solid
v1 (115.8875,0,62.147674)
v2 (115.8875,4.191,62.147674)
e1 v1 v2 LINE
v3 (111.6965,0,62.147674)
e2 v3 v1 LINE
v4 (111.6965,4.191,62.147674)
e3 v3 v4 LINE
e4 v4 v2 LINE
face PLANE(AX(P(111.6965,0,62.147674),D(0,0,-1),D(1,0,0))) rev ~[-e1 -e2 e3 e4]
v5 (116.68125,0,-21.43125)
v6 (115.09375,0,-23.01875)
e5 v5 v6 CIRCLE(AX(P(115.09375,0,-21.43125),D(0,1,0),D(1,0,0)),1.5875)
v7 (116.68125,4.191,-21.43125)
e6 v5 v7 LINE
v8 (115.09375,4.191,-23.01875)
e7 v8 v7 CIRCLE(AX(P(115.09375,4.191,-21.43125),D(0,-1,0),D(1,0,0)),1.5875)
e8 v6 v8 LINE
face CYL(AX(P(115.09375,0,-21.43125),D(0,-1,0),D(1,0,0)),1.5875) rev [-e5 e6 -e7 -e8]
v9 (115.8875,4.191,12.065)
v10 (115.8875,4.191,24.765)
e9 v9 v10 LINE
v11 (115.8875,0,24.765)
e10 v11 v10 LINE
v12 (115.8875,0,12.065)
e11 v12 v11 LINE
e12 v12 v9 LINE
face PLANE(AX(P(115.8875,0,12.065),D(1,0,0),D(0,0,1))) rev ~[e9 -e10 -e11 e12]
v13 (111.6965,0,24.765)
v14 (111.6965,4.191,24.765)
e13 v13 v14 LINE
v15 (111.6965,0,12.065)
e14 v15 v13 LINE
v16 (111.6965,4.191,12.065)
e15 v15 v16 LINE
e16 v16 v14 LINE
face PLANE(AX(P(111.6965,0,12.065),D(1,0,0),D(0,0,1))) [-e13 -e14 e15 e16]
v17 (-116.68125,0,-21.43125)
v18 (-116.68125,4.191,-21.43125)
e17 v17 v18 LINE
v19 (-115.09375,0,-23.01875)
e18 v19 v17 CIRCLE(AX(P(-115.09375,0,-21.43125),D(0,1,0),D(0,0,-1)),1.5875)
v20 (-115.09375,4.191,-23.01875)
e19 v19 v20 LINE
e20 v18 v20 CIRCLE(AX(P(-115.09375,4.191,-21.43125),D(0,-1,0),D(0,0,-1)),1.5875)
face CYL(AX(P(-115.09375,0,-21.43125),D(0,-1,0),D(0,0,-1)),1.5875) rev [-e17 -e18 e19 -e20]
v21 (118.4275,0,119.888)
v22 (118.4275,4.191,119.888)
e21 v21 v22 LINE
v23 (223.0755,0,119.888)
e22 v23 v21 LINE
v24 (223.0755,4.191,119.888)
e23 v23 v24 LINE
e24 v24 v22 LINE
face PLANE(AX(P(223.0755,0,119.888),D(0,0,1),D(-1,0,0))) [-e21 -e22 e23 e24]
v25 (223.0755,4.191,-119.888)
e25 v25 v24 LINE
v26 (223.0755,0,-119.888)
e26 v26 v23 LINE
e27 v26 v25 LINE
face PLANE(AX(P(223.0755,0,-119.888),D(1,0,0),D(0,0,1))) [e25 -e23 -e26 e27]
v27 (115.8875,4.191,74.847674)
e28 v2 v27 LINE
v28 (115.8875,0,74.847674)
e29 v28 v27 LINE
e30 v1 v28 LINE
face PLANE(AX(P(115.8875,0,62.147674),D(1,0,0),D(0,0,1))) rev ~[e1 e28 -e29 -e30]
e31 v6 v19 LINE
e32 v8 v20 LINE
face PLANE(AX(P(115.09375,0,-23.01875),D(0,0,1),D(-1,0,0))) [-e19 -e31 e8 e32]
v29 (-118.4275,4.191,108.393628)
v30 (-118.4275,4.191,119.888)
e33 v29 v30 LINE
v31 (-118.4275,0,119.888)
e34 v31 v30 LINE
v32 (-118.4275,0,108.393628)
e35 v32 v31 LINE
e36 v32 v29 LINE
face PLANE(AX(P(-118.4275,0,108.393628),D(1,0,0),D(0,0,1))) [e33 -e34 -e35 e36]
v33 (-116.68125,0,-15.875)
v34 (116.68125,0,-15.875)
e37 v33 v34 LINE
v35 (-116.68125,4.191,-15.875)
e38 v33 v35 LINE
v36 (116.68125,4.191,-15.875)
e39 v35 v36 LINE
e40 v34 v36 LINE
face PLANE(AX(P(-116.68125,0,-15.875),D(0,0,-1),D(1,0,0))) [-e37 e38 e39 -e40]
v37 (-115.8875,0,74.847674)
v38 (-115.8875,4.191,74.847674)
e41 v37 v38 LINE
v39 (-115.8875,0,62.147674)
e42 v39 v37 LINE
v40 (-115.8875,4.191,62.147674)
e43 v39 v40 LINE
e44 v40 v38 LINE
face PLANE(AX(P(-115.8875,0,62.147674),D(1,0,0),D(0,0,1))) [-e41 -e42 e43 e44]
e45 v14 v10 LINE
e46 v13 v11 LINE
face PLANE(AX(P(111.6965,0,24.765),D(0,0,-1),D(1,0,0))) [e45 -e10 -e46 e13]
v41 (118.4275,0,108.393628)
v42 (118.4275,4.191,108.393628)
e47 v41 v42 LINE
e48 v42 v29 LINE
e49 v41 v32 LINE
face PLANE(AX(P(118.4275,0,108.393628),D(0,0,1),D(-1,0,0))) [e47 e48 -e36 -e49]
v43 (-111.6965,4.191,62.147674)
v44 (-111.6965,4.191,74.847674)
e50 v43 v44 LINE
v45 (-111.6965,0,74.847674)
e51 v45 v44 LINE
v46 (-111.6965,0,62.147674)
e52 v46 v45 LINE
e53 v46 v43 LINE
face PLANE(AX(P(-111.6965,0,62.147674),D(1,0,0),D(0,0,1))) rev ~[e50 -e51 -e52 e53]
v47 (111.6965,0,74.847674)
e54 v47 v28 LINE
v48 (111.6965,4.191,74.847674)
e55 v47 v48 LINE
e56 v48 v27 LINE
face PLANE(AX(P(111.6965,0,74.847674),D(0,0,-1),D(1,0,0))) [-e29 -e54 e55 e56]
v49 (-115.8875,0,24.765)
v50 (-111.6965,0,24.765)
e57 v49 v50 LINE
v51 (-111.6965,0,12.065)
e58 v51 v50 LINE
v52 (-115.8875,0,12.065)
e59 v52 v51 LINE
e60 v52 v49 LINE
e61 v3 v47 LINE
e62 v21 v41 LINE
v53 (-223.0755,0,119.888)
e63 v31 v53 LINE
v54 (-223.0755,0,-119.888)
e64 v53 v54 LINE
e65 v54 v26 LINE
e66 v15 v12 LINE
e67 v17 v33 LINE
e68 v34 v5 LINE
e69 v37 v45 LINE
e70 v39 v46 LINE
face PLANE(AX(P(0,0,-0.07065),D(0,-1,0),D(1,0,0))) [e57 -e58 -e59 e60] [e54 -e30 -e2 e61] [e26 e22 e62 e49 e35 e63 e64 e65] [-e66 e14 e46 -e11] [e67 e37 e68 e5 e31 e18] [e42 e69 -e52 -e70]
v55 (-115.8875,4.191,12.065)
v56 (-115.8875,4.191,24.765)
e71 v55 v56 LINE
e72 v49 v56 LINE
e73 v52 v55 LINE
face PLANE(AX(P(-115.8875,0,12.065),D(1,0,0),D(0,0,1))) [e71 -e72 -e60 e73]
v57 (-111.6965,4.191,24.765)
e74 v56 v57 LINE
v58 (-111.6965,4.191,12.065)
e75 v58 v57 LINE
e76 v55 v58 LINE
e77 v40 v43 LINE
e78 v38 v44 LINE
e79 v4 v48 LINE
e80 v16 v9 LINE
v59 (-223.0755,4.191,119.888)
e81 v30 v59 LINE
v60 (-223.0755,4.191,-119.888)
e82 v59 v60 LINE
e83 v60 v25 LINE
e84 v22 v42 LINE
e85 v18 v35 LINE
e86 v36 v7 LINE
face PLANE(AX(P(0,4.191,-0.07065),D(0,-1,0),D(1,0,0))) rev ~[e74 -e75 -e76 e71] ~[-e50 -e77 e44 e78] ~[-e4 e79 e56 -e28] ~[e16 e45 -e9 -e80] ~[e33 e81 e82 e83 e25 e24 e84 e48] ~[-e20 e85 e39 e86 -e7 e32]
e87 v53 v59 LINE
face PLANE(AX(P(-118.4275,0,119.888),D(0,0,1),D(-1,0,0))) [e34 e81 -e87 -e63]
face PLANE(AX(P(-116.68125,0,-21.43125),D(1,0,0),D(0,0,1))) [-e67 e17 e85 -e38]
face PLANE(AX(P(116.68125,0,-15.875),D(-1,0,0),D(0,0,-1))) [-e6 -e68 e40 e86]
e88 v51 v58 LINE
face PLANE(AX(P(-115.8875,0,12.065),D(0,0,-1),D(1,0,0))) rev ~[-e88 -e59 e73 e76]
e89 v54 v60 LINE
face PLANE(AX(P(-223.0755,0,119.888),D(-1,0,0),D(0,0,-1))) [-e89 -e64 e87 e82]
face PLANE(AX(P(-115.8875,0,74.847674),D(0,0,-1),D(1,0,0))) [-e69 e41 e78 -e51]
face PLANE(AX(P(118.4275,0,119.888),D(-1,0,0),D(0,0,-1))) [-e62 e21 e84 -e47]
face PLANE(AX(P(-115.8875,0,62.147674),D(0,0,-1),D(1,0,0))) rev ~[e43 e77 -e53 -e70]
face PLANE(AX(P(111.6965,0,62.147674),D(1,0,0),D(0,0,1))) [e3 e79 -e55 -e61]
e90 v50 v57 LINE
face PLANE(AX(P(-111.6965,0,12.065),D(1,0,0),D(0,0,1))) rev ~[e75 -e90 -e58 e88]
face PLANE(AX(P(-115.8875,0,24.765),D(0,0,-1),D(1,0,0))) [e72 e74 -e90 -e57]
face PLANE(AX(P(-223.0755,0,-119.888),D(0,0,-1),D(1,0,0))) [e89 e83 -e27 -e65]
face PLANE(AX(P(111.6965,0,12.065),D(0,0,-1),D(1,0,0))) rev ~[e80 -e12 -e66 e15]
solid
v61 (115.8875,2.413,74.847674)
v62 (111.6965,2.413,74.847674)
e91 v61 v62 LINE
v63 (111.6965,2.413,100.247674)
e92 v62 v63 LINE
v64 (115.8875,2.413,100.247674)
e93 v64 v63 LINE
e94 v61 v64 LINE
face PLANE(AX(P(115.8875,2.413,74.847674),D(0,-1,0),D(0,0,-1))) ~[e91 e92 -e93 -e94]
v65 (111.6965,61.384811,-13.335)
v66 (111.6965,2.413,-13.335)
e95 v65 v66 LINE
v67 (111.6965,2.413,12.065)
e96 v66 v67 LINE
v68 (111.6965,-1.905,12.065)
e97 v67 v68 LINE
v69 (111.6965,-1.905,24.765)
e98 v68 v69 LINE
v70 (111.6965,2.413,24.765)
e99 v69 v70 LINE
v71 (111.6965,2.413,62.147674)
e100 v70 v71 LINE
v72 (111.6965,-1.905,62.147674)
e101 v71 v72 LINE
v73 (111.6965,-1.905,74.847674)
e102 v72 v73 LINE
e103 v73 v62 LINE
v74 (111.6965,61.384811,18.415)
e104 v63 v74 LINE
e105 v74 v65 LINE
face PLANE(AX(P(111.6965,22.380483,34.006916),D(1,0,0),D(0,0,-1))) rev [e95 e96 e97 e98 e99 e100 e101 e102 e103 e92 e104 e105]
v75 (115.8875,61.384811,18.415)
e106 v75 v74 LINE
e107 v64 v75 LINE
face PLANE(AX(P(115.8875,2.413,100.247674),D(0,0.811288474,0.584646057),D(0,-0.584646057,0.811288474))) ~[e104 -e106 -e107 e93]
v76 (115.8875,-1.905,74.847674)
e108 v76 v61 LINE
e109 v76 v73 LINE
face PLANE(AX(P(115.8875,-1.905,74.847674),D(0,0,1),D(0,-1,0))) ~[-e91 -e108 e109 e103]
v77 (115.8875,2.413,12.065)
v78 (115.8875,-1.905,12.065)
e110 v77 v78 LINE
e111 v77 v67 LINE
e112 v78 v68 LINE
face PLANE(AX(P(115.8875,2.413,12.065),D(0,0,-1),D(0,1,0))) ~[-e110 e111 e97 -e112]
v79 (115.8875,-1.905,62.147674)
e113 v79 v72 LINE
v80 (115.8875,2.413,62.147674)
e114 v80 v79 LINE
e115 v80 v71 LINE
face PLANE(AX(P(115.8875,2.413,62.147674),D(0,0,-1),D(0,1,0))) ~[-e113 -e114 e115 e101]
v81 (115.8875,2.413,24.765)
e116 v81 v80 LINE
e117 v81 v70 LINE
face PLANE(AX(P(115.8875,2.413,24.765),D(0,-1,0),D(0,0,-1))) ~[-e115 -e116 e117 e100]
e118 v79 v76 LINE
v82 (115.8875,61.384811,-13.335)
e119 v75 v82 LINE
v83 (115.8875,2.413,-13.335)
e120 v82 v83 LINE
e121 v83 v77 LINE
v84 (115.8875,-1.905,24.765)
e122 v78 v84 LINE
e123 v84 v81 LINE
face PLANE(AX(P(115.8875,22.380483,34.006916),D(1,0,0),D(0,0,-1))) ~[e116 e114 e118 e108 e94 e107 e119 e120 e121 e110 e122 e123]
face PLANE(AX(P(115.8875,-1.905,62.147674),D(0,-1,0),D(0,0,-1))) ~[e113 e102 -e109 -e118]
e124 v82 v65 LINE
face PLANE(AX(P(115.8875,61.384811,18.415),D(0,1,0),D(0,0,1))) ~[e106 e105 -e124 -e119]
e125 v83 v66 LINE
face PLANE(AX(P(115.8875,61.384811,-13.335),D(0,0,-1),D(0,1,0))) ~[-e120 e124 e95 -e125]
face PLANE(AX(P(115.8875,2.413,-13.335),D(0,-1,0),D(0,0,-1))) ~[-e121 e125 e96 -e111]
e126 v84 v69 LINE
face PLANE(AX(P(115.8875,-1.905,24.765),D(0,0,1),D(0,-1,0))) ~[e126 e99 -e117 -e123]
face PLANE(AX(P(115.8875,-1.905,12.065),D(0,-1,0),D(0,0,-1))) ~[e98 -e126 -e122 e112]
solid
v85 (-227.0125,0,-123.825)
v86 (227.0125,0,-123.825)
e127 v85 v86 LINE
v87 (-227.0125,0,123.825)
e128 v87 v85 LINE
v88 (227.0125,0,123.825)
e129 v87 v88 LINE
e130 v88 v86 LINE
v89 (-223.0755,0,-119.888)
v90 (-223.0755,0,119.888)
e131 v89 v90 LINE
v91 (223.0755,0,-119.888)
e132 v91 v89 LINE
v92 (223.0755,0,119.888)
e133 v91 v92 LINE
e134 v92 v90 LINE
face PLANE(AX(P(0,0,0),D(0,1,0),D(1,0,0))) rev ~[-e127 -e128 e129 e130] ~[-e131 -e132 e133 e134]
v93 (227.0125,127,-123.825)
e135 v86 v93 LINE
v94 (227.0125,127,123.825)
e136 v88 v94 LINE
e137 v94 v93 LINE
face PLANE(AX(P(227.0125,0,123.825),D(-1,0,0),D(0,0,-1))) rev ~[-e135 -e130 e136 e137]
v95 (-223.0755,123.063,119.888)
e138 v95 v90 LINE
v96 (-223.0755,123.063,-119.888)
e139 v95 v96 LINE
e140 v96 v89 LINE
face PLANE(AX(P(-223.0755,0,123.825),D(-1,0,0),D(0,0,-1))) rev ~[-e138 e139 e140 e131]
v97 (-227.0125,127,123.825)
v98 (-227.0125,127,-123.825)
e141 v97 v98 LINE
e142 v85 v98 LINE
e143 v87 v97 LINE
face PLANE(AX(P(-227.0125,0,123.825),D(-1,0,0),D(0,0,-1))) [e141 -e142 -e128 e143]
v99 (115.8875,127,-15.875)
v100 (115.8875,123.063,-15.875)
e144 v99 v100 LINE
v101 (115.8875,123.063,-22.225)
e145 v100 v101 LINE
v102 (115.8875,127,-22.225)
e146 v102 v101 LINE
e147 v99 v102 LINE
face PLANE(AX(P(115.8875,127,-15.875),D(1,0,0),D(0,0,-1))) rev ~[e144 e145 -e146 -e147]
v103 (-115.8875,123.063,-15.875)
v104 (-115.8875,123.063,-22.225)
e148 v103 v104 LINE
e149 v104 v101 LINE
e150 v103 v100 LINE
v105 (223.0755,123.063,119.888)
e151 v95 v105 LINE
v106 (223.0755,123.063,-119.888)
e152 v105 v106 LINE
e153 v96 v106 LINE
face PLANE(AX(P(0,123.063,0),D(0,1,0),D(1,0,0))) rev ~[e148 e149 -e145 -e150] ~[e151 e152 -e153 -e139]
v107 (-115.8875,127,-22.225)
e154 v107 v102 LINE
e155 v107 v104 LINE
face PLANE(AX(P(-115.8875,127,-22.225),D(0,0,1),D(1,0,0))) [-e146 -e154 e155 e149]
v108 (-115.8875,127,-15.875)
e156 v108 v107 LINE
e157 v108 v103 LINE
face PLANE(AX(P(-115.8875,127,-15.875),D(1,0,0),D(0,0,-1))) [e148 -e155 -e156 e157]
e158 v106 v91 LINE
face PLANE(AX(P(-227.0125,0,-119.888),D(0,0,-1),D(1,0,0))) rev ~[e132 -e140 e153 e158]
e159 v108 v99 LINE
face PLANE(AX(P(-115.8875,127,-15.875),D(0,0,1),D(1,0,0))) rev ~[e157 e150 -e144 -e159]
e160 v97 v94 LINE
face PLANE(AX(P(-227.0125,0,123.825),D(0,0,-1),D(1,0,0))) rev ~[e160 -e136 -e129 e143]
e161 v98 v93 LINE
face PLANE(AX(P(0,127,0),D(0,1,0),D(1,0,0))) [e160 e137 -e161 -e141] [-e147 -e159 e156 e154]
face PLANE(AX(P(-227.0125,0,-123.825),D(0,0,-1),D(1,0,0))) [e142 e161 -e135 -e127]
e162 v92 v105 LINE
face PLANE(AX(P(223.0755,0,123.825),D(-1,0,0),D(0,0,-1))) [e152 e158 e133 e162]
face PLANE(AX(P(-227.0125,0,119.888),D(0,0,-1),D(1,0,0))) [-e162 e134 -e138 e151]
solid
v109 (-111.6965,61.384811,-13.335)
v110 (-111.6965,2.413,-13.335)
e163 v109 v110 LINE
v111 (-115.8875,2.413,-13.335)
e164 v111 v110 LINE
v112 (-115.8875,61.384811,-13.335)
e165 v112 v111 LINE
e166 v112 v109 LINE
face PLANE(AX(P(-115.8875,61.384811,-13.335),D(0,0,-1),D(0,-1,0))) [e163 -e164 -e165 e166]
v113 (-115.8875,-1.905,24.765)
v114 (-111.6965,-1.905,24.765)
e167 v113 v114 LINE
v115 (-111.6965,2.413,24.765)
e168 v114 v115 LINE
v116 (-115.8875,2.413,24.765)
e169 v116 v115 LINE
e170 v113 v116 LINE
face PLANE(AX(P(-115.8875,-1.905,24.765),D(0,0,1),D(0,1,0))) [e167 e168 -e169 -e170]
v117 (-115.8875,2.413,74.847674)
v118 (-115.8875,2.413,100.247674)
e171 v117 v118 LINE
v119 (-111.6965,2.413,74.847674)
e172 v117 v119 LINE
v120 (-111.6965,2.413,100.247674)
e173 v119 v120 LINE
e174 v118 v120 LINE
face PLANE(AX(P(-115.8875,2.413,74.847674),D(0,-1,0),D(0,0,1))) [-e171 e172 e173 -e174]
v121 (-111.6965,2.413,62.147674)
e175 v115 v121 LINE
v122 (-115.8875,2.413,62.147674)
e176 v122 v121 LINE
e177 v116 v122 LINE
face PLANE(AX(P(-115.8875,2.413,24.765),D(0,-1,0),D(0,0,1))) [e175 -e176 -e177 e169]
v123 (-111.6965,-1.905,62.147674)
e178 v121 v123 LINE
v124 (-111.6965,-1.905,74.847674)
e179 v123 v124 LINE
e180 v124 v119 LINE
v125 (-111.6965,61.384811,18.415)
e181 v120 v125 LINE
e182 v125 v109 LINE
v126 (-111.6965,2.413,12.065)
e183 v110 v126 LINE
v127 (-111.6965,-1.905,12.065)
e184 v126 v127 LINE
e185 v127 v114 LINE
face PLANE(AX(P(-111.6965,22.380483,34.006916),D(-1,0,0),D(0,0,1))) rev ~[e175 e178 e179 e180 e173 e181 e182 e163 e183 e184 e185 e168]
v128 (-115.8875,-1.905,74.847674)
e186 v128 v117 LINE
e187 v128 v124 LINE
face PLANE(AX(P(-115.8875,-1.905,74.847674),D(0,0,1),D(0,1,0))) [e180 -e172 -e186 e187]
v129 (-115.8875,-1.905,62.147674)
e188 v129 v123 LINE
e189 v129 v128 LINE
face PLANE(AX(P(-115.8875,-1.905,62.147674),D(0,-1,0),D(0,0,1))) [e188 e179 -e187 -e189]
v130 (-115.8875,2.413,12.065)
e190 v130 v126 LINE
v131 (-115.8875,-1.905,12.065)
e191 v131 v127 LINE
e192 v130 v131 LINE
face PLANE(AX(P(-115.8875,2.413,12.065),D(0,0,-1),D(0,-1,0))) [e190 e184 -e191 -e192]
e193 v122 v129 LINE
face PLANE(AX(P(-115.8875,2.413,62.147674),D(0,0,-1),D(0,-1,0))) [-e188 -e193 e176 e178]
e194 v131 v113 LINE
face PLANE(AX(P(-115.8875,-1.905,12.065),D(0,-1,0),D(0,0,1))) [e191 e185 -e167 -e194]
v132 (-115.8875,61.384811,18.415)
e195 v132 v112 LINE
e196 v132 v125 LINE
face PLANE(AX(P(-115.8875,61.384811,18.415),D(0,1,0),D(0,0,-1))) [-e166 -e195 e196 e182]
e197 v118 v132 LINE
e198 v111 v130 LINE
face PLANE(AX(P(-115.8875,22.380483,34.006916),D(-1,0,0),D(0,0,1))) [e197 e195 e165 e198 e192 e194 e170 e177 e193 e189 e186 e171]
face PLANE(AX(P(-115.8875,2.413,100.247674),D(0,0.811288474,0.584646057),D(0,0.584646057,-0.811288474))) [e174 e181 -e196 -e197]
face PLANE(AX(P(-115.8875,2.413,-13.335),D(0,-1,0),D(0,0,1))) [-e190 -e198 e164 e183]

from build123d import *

# Parameters (mm, degrees)
SKETCH1_W           = 454.025
SKETCH1_H           = 247.65
BOSS_EXTRUDE1_DEPTH = 127
SHELL1_T            = -3.937
SKETCH3_W           = 231.775
SKETCH3_H           = 6.35
CUT_EXTRUDE1_DEPTH  = 128
BOSS_EXTRUDE2_DEPTH = 4.191
BOSS_EXTRUDE3_DEPTH = 4.191
SKETCH6_W           = 4.191
SKETCH6_H           = 12.7
CUT_EXTRUDE2_DEPTH  = 5.08


with BuildPart() as part:
    # Sketch1 → Boss-Extrude1 (new body)
    with BuildSketch(Plane(origin=(0, 0, 0), x_dir=(1, 0, 0), z_dir=(0, 1, 0))):
        Rectangle(SKETCH1_W, SKETCH1_H)
    extrude(amount=BOSS_EXTRUDE1_DEPTH)

    # Shell1
    shell1_openings = [part.faces().sort_by_distance(p)[0] for p in [
        (0, 0, 0),
    ]]
    offset(amount=SHELL1_T, openings=shell1_openings, kind=Kind.INTERSECTION)

    # Sketch3 → Cut-Extrude1 (cut, through all)
    with BuildSketch(Plane(origin=(0, 127, 0), x_dir=(1, 0, 0), z_dir=(0, 1, 0))):
        with Locations((0, 19.05)):
            Rectangle(SKETCH3_W, SKETCH3_H)
    extrude(amount=-CUT_EXTRUDE1_DEPTH, mode=Mode.SUBTRACT)


with BuildPart() as body_2:
    # Sketch4 → Boss-Extrude2 (new body)
    with BuildSketch(Plane.XZ):
        Polygon((118.4275, 119.888), (118.4275, 108.393628317), (-118.4275, 108.393628317), (-118.4275, 119.888), (-223.0755, 119.888), (-223.0755, -119.888), (223.0755, -119.888), (223.0755, 119.888), align=None)
    extrude(amount=-BOSS_EXTRUDE2_DEPTH)

    # Sketch6 → Cut-Extrude2 (cut)
    with BuildSketch(Plane.XZ):
        with Locations((-113.792, 68.497674129)):
            Rectangle(SKETCH6_W, SKETCH6_H)
        with Locations((-113.792, 18.415)):
            Rectangle(SKETCH6_W, SKETCH6_H)
        with Locations((113.792, 18.415)):
            Rectangle(SKETCH6_W, SKETCH6_H)
        with Locations((113.792, 68.497674129)):
            Rectangle(SKETCH6_W, SKETCH6_H)
        with BuildLine():
            Line((-116.68125, -21.43125), (-116.68125, -15.875))
            Line((-116.68125, -15.875), (116.68125, -15.875))
            Line((116.68125, -15.875), (116.68125, -21.43125))
            ThreePointArc((116.68125, -21.43125), (116.216282015, -22.553782015), (115.09375, -23.01875))
            Line((115.09375, -23.01875), (-115.09375, -23.01875))
            ThreePointArc((-115.09375, -23.01875), (-116.216282015, -22.553782015), (-116.68125, -21.43125))
        make_face()
    extrude(amount=-CUT_EXTRUDE2_DEPTH, mode=Mode.SUBTRACT)


with BuildPart() as body_3:
    # Sketch5 → Boss-Extrude3 (new body)
    with BuildSketch(Plane(origin=(-115.8875, 0, 0), x_dir=(0, 0, -1), z_dir=(1, 0, 0))):
        Polygon((-100.247674129, 2.413), (-18.415, 61.384810708), (13.335, 61.384810708), (13.335, 2.413), (-12.065, 2.413), (-12.065, -1.905), (-24.765, -1.905), (-24.765, 2.413), (-62.147674129, 2.413), (-62.147674129, -1.905), (-74.847674129, -1.905), (-74.847674129, 2.413), align=None)
    extrude(amount=BOSS_EXTRUDE3_DEPTH)


with BuildPart() as body_4:
    # Mirror2: mirrored copy
    add(body_3.part.mirror(Plane(origin=(0, 0, 0), x_dir=(0, 0, 1), z_dir=(1, 0, 0))))


solid = Compound([part.part, body_2.part, body_3.part, body_4.part])
